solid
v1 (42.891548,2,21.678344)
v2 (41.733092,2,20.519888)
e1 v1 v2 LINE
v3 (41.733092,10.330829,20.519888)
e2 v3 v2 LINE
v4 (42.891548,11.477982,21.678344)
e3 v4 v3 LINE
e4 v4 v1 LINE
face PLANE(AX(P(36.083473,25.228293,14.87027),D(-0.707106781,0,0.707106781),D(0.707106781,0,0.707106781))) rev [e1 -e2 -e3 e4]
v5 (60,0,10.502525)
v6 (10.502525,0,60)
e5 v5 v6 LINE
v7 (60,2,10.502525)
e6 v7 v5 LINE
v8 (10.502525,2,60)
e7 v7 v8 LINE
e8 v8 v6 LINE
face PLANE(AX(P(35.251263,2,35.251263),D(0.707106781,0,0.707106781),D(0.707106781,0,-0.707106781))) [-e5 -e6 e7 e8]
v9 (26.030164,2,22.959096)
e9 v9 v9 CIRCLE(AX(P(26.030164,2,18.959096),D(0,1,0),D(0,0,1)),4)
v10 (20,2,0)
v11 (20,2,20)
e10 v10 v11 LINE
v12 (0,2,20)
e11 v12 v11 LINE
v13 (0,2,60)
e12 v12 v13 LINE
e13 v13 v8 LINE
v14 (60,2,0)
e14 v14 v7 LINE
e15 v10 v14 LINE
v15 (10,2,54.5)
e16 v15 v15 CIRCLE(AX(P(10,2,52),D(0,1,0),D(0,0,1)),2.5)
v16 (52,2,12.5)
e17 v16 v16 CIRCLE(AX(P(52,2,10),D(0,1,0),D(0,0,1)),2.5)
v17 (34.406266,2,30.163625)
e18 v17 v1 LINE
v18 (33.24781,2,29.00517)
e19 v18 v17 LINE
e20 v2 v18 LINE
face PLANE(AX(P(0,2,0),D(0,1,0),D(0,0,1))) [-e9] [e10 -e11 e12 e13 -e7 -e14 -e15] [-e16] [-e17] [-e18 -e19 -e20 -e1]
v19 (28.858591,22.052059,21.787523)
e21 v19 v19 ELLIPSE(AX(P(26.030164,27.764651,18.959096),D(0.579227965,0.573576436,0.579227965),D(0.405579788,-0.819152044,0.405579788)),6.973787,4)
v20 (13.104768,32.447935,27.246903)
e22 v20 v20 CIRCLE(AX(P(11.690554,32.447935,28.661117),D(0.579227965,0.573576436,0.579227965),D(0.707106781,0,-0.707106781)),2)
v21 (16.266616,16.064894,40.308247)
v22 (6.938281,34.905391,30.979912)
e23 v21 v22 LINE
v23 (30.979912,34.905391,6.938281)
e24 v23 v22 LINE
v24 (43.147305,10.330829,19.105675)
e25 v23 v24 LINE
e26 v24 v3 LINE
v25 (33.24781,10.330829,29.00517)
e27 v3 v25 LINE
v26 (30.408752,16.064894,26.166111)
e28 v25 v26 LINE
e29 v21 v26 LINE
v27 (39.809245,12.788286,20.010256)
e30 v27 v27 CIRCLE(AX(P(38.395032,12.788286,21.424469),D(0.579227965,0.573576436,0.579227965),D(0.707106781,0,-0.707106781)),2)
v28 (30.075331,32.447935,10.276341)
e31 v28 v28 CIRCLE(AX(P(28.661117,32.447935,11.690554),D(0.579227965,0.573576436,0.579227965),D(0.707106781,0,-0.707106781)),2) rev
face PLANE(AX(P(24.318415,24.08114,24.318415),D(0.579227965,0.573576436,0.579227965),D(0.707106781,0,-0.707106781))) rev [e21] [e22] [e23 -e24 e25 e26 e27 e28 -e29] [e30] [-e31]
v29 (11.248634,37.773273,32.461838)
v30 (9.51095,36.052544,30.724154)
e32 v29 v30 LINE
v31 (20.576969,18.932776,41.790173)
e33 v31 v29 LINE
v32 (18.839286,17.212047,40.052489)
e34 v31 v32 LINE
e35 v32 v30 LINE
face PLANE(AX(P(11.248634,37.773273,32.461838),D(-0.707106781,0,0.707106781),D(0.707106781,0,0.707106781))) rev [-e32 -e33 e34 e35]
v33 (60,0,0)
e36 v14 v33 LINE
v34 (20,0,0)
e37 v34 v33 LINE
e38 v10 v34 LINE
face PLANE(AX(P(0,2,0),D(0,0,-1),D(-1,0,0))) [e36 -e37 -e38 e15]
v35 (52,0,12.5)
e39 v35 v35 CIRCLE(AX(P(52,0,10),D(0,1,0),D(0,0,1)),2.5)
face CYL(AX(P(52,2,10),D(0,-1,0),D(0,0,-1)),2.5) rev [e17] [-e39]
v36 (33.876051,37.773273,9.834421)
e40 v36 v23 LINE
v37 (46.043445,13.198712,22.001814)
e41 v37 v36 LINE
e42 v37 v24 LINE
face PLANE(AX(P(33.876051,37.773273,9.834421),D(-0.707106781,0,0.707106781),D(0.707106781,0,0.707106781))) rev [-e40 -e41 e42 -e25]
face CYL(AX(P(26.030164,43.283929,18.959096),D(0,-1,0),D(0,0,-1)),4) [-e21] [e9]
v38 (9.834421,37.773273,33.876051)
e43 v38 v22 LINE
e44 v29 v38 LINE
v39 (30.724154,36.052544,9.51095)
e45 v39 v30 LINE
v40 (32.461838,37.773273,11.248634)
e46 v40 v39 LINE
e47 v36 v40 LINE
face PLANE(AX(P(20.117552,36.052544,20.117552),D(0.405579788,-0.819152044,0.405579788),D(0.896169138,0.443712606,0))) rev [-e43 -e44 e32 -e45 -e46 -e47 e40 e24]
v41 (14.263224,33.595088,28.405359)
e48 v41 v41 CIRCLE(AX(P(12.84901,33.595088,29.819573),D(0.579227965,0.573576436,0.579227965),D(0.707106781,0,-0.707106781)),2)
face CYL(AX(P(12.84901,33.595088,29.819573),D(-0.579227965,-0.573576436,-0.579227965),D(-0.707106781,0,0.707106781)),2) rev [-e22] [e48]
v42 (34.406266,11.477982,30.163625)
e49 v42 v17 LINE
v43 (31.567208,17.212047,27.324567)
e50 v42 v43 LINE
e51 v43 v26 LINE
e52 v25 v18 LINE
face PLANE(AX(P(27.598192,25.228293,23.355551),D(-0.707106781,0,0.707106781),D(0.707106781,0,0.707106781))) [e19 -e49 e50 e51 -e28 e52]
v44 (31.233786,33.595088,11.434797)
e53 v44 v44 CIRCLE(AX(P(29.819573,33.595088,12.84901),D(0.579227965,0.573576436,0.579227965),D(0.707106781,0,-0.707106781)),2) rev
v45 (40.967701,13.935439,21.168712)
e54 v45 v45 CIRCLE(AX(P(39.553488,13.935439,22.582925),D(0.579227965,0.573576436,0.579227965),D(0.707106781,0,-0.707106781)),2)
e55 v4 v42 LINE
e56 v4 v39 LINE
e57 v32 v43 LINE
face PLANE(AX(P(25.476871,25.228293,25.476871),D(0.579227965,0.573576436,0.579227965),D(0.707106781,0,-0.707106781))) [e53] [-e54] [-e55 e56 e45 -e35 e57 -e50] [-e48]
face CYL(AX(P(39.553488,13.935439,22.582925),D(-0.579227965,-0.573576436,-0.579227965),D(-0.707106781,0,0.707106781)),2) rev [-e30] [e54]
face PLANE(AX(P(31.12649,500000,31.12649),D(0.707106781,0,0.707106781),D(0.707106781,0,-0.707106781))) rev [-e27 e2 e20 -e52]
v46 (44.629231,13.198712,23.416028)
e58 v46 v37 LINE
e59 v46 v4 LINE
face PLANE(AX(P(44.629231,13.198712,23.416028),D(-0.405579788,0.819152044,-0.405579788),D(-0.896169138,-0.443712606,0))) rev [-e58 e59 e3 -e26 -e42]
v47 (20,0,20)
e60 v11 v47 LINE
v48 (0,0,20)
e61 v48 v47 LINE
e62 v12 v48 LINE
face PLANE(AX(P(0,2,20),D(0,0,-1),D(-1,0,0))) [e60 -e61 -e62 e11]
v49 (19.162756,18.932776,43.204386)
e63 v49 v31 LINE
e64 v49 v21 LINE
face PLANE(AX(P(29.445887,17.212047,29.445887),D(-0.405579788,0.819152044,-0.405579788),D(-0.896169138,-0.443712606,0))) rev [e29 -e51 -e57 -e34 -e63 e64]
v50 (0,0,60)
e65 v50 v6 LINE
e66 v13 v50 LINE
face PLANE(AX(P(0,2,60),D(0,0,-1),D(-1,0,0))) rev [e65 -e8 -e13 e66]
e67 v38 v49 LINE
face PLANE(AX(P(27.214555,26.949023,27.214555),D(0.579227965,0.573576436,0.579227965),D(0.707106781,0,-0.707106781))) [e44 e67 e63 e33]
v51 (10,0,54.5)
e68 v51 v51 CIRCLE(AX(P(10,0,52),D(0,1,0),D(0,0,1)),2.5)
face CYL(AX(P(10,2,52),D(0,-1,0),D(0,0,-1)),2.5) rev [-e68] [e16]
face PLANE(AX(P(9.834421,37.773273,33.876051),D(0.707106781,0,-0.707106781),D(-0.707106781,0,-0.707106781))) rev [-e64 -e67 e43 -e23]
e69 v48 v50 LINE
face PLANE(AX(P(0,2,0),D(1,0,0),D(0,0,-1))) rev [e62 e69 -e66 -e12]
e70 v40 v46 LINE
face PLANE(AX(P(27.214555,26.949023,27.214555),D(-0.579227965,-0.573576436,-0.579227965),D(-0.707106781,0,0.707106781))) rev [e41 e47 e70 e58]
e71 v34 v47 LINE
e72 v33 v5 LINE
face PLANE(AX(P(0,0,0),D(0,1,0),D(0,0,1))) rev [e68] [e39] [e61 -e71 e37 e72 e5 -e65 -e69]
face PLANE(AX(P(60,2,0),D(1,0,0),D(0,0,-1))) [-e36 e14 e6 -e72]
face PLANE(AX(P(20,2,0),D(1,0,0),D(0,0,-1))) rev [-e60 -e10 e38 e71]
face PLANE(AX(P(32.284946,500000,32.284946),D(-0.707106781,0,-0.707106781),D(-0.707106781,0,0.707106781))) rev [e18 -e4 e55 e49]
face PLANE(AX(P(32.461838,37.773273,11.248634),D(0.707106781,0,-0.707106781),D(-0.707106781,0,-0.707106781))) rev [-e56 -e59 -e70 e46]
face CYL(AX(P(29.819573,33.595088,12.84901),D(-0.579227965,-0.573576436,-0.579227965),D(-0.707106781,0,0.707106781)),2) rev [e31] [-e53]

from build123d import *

# Parameters (mm, degrees)
SKETCH_1_R                  = 2.5
EXTRUDE_1_DEPTH             = 2
SKETCH_2_R                  = 2
EXTRUDE_3_DEPTH             = 2
EXTRUDE_4_REACH             = 93.431
SKETCH_4_R                  = 4
EXTRUDE_5_REACH             = 93.431
EXTRUDE_6_REACH             = 56.956
EXTRUDE_6_DIRECTION_2_DEPTH = 3


with BuildPart() as part:
    # 草图1 → 凸台-拉伸1 (new body)
    with BuildSketch(Plane(origin=(0, 0, 0), x_dir=(1, 0, 0), z_dir=(0, 1, 0))):
        Polygon((10.502525317, -60), (60, -10.502525317), (60, 0), (20, 0), (20, -20), (0, -20), (0, -60), align=None)
        with Locations(Location((10, -52, 0), (0, 0, 270))):
            Circle(SKETCH_1_R, mode=Mode.SUBTRACT)
        with Locations(Location((52, -10, 0), (0, 0, 270))):
            Circle(SKETCH_1_R, mode=Mode.SUBTRACT)
    extrude(amount=EXTRUDE_1_DEPTH)



with BuildPart() as body_2:
    # 草图2 → 凸台-拉伸3 (new body)
    with BuildSketch(Plane(origin=(24.318415307, 24.081140456, 24.318415307), x_dir=(-0.7071067811865475, 0, 0.7071067811865476), z_dir=(0.5792279653395701, 0.5735764363510444, 0.57922796533957))):
        Polygon((-3, 16.786030205), (-15, 16.786030205), (-15, -13.213969795), (15, -13.213969795), (15, 9.786030205), (-3, 9.786030205), align=None)
        with Locations(Location((-12, -10.213969795, 0), (0, 0, 180))):
            Circle(SKETCH_2_R, mode=Mode.SUBTRACT)
        with Locations(Location((12, -10.213969795, 0), (0, 0, 180))):
            Circle(SKETCH_2_R, mode=Mode.SUBTRACT)
        with Locations(Location((-12, 13.786030205, 0), (0, 0, 180))):
            Circle(SKETCH_2_R, mode=Mode.SUBTRACT)
    extrude(amount=EXTRUDE_3_DEPTH)


with BuildPart() as part_1:
    add(part.part)

    add(body_2.part)  # 凸台-拉伸4 merges body 2
    # 凸台-拉伸4: up to this plane
    extrude_4_end = Plane(origin=(24.318415307, 24.081140456, 24.318415307), z_dir=(0.5792279653395702, 0.5735764363510445, 0.5792279653395699))
    # 草图4 → 凸台-拉伸4 (add, up to the surface)
    with BuildSketch(Plane(origin=(0, 2, 0), x_dir=(1, 0, 0), z_dir=(0, 1, 0)), mode=Mode.PRIVATE) as extrude_4_sk1:
        with Locations(Location((26.030164055, -18.959096243, 0), (0, 0, 315))):
            Circle(SKETCH_4_R)
    extrude_4_tool1 = split(extrude(extrude_4_sk1.sketch, amount=EXTRUDE_4_REACH, mode=Mode.PRIVATE), bisect_by=extrude_4_end, keep=Keep.BOTH, mode=Mode.PRIVATE)
    add(extrude_4_tool1.solids().sort_by_distance((26.030164, 2, 18.959096))[0])

    # 草图5 → 凸台-拉伸5 (add, up to next)
    with BuildSketch(Plane(origin=(0, 2, 0), x_dir=(1, 0, 0), z_dir=(0, 1, 0)), mode=Mode.PRIVATE) as extrude_5_sk1:
        Polygon((41.733091591, -20.519888156), (33.247810217, -29.00516953), (34.406266148, -30.16362546), (42.891547522, -21.678344086), align=None)
    extrude_5_tool1 = extrude(extrude_5_sk1.sketch, amount=EXTRUDE_5_REACH, mode=Mode.PRIVATE) - part_1.part
    add(extrude_5_tool1.solids().sort_by_distance((38.069679, 2, 25.341757))[0])

    # 凸台-拉伸6: up to this face of the body (flat: up to its plane)
    extrude_6_end = Plane(part_1.part.faces().sort_by_distance((24.757422588, 23.562214363, 24.393270957))[0])
    # 草图6 → 凸台-拉伸6 (add, up to the picked face)
    with BuildSketch(Plane(origin=(25.476871238, 25.228293329, 25.476871238), x_dir=(0.45107473692648714, 0.36633593098762024, -0.8138363271408656), z_dir=(0.5792279653395701, 0.5735764363510444, 0.5792279653395701)), mode=Mode.PRIVATE) as extrude_6_sk1:
        Polygon((-7.506940922, 18.527137818), (-17.792853619, -2.044687575), (-19.581708001, -1.150260384), (-9.295795304, 19.421565009), align=None)
    extrude_6_tool1 = split(extrude(extrude_6_sk1.sketch, amount=-EXTRUDE_6_REACH, mode=Mode.PRIVATE), bisect_by=extrude_6_end, keep=Keep.BOTH, mode=Mode.PRIVATE)
    # 草图6 → 凸台-拉伸6 (add, up to the picked face)
    with BuildSketch(Plane(origin=(25.476871238, 25.228293329, 25.476871238), x_dir=(0.45107473692648714, 0.36633593098762024, -0.8138363271408656), z_dir=(0.5792279653395701, 0.5735764363510444, 0.5792279653395701)), mode=Mode.PRIVATE) as extrude_6_sk2:
        Polygon((19.325874808, 5.110729953), (5.909466943, -21.722085777), (7.698321325, -22.616512968), (21.11472919, 4.216302762), align=None)
    extrude_6_tool2 = split(extrude(extrude_6_sk2.sketch, amount=-EXTRUDE_6_REACH, mode=Mode.PRIVATE), bisect_by=extrude_6_end, keep=Keep.BOTH, mode=Mode.PRIVATE)
    add(extrude_6_tool1.solids().sort_by(Axis((13.468011, 26.632295, 36.095428), (-0.5792279653395701, -0.5735764363510444, -0.5792279653395701)))[0])
    add(extrude_6_tool2.solids().sort_by(Axis((37.514957, 23.765263, 14.88754), (-0.5792279653395701, -0.5735764363510444, -0.5792279653395701)))[0])

    # 草图6 → 凸台-拉伸6 direction 2 (add)
    with BuildSketch(Plane(origin=(25.476871238, 25.228293329, 25.476871238), x_dir=(0.45107473692648714, 0.36633593098762024, -0.8138363271408656), z_dir=(0.5792279653395701, 0.5735764363510444, 0.5792279653395701))):
        Polygon((-7.506940922, 18.527137818), (-17.792853619, -2.044687575), (-19.581708001, -1.150260384), (-9.295795304, 19.421565009), align=None)
        Polygon((19.325874808, 5.110729953), (5.909466943, -21.722085777), (7.698321325, -22.616512968), (21.11472919, 4.216302762), align=None)
    extrude(amount=EXTRUDE_6_DIRECTION_2_DEPTH)


solid = part_1.part
